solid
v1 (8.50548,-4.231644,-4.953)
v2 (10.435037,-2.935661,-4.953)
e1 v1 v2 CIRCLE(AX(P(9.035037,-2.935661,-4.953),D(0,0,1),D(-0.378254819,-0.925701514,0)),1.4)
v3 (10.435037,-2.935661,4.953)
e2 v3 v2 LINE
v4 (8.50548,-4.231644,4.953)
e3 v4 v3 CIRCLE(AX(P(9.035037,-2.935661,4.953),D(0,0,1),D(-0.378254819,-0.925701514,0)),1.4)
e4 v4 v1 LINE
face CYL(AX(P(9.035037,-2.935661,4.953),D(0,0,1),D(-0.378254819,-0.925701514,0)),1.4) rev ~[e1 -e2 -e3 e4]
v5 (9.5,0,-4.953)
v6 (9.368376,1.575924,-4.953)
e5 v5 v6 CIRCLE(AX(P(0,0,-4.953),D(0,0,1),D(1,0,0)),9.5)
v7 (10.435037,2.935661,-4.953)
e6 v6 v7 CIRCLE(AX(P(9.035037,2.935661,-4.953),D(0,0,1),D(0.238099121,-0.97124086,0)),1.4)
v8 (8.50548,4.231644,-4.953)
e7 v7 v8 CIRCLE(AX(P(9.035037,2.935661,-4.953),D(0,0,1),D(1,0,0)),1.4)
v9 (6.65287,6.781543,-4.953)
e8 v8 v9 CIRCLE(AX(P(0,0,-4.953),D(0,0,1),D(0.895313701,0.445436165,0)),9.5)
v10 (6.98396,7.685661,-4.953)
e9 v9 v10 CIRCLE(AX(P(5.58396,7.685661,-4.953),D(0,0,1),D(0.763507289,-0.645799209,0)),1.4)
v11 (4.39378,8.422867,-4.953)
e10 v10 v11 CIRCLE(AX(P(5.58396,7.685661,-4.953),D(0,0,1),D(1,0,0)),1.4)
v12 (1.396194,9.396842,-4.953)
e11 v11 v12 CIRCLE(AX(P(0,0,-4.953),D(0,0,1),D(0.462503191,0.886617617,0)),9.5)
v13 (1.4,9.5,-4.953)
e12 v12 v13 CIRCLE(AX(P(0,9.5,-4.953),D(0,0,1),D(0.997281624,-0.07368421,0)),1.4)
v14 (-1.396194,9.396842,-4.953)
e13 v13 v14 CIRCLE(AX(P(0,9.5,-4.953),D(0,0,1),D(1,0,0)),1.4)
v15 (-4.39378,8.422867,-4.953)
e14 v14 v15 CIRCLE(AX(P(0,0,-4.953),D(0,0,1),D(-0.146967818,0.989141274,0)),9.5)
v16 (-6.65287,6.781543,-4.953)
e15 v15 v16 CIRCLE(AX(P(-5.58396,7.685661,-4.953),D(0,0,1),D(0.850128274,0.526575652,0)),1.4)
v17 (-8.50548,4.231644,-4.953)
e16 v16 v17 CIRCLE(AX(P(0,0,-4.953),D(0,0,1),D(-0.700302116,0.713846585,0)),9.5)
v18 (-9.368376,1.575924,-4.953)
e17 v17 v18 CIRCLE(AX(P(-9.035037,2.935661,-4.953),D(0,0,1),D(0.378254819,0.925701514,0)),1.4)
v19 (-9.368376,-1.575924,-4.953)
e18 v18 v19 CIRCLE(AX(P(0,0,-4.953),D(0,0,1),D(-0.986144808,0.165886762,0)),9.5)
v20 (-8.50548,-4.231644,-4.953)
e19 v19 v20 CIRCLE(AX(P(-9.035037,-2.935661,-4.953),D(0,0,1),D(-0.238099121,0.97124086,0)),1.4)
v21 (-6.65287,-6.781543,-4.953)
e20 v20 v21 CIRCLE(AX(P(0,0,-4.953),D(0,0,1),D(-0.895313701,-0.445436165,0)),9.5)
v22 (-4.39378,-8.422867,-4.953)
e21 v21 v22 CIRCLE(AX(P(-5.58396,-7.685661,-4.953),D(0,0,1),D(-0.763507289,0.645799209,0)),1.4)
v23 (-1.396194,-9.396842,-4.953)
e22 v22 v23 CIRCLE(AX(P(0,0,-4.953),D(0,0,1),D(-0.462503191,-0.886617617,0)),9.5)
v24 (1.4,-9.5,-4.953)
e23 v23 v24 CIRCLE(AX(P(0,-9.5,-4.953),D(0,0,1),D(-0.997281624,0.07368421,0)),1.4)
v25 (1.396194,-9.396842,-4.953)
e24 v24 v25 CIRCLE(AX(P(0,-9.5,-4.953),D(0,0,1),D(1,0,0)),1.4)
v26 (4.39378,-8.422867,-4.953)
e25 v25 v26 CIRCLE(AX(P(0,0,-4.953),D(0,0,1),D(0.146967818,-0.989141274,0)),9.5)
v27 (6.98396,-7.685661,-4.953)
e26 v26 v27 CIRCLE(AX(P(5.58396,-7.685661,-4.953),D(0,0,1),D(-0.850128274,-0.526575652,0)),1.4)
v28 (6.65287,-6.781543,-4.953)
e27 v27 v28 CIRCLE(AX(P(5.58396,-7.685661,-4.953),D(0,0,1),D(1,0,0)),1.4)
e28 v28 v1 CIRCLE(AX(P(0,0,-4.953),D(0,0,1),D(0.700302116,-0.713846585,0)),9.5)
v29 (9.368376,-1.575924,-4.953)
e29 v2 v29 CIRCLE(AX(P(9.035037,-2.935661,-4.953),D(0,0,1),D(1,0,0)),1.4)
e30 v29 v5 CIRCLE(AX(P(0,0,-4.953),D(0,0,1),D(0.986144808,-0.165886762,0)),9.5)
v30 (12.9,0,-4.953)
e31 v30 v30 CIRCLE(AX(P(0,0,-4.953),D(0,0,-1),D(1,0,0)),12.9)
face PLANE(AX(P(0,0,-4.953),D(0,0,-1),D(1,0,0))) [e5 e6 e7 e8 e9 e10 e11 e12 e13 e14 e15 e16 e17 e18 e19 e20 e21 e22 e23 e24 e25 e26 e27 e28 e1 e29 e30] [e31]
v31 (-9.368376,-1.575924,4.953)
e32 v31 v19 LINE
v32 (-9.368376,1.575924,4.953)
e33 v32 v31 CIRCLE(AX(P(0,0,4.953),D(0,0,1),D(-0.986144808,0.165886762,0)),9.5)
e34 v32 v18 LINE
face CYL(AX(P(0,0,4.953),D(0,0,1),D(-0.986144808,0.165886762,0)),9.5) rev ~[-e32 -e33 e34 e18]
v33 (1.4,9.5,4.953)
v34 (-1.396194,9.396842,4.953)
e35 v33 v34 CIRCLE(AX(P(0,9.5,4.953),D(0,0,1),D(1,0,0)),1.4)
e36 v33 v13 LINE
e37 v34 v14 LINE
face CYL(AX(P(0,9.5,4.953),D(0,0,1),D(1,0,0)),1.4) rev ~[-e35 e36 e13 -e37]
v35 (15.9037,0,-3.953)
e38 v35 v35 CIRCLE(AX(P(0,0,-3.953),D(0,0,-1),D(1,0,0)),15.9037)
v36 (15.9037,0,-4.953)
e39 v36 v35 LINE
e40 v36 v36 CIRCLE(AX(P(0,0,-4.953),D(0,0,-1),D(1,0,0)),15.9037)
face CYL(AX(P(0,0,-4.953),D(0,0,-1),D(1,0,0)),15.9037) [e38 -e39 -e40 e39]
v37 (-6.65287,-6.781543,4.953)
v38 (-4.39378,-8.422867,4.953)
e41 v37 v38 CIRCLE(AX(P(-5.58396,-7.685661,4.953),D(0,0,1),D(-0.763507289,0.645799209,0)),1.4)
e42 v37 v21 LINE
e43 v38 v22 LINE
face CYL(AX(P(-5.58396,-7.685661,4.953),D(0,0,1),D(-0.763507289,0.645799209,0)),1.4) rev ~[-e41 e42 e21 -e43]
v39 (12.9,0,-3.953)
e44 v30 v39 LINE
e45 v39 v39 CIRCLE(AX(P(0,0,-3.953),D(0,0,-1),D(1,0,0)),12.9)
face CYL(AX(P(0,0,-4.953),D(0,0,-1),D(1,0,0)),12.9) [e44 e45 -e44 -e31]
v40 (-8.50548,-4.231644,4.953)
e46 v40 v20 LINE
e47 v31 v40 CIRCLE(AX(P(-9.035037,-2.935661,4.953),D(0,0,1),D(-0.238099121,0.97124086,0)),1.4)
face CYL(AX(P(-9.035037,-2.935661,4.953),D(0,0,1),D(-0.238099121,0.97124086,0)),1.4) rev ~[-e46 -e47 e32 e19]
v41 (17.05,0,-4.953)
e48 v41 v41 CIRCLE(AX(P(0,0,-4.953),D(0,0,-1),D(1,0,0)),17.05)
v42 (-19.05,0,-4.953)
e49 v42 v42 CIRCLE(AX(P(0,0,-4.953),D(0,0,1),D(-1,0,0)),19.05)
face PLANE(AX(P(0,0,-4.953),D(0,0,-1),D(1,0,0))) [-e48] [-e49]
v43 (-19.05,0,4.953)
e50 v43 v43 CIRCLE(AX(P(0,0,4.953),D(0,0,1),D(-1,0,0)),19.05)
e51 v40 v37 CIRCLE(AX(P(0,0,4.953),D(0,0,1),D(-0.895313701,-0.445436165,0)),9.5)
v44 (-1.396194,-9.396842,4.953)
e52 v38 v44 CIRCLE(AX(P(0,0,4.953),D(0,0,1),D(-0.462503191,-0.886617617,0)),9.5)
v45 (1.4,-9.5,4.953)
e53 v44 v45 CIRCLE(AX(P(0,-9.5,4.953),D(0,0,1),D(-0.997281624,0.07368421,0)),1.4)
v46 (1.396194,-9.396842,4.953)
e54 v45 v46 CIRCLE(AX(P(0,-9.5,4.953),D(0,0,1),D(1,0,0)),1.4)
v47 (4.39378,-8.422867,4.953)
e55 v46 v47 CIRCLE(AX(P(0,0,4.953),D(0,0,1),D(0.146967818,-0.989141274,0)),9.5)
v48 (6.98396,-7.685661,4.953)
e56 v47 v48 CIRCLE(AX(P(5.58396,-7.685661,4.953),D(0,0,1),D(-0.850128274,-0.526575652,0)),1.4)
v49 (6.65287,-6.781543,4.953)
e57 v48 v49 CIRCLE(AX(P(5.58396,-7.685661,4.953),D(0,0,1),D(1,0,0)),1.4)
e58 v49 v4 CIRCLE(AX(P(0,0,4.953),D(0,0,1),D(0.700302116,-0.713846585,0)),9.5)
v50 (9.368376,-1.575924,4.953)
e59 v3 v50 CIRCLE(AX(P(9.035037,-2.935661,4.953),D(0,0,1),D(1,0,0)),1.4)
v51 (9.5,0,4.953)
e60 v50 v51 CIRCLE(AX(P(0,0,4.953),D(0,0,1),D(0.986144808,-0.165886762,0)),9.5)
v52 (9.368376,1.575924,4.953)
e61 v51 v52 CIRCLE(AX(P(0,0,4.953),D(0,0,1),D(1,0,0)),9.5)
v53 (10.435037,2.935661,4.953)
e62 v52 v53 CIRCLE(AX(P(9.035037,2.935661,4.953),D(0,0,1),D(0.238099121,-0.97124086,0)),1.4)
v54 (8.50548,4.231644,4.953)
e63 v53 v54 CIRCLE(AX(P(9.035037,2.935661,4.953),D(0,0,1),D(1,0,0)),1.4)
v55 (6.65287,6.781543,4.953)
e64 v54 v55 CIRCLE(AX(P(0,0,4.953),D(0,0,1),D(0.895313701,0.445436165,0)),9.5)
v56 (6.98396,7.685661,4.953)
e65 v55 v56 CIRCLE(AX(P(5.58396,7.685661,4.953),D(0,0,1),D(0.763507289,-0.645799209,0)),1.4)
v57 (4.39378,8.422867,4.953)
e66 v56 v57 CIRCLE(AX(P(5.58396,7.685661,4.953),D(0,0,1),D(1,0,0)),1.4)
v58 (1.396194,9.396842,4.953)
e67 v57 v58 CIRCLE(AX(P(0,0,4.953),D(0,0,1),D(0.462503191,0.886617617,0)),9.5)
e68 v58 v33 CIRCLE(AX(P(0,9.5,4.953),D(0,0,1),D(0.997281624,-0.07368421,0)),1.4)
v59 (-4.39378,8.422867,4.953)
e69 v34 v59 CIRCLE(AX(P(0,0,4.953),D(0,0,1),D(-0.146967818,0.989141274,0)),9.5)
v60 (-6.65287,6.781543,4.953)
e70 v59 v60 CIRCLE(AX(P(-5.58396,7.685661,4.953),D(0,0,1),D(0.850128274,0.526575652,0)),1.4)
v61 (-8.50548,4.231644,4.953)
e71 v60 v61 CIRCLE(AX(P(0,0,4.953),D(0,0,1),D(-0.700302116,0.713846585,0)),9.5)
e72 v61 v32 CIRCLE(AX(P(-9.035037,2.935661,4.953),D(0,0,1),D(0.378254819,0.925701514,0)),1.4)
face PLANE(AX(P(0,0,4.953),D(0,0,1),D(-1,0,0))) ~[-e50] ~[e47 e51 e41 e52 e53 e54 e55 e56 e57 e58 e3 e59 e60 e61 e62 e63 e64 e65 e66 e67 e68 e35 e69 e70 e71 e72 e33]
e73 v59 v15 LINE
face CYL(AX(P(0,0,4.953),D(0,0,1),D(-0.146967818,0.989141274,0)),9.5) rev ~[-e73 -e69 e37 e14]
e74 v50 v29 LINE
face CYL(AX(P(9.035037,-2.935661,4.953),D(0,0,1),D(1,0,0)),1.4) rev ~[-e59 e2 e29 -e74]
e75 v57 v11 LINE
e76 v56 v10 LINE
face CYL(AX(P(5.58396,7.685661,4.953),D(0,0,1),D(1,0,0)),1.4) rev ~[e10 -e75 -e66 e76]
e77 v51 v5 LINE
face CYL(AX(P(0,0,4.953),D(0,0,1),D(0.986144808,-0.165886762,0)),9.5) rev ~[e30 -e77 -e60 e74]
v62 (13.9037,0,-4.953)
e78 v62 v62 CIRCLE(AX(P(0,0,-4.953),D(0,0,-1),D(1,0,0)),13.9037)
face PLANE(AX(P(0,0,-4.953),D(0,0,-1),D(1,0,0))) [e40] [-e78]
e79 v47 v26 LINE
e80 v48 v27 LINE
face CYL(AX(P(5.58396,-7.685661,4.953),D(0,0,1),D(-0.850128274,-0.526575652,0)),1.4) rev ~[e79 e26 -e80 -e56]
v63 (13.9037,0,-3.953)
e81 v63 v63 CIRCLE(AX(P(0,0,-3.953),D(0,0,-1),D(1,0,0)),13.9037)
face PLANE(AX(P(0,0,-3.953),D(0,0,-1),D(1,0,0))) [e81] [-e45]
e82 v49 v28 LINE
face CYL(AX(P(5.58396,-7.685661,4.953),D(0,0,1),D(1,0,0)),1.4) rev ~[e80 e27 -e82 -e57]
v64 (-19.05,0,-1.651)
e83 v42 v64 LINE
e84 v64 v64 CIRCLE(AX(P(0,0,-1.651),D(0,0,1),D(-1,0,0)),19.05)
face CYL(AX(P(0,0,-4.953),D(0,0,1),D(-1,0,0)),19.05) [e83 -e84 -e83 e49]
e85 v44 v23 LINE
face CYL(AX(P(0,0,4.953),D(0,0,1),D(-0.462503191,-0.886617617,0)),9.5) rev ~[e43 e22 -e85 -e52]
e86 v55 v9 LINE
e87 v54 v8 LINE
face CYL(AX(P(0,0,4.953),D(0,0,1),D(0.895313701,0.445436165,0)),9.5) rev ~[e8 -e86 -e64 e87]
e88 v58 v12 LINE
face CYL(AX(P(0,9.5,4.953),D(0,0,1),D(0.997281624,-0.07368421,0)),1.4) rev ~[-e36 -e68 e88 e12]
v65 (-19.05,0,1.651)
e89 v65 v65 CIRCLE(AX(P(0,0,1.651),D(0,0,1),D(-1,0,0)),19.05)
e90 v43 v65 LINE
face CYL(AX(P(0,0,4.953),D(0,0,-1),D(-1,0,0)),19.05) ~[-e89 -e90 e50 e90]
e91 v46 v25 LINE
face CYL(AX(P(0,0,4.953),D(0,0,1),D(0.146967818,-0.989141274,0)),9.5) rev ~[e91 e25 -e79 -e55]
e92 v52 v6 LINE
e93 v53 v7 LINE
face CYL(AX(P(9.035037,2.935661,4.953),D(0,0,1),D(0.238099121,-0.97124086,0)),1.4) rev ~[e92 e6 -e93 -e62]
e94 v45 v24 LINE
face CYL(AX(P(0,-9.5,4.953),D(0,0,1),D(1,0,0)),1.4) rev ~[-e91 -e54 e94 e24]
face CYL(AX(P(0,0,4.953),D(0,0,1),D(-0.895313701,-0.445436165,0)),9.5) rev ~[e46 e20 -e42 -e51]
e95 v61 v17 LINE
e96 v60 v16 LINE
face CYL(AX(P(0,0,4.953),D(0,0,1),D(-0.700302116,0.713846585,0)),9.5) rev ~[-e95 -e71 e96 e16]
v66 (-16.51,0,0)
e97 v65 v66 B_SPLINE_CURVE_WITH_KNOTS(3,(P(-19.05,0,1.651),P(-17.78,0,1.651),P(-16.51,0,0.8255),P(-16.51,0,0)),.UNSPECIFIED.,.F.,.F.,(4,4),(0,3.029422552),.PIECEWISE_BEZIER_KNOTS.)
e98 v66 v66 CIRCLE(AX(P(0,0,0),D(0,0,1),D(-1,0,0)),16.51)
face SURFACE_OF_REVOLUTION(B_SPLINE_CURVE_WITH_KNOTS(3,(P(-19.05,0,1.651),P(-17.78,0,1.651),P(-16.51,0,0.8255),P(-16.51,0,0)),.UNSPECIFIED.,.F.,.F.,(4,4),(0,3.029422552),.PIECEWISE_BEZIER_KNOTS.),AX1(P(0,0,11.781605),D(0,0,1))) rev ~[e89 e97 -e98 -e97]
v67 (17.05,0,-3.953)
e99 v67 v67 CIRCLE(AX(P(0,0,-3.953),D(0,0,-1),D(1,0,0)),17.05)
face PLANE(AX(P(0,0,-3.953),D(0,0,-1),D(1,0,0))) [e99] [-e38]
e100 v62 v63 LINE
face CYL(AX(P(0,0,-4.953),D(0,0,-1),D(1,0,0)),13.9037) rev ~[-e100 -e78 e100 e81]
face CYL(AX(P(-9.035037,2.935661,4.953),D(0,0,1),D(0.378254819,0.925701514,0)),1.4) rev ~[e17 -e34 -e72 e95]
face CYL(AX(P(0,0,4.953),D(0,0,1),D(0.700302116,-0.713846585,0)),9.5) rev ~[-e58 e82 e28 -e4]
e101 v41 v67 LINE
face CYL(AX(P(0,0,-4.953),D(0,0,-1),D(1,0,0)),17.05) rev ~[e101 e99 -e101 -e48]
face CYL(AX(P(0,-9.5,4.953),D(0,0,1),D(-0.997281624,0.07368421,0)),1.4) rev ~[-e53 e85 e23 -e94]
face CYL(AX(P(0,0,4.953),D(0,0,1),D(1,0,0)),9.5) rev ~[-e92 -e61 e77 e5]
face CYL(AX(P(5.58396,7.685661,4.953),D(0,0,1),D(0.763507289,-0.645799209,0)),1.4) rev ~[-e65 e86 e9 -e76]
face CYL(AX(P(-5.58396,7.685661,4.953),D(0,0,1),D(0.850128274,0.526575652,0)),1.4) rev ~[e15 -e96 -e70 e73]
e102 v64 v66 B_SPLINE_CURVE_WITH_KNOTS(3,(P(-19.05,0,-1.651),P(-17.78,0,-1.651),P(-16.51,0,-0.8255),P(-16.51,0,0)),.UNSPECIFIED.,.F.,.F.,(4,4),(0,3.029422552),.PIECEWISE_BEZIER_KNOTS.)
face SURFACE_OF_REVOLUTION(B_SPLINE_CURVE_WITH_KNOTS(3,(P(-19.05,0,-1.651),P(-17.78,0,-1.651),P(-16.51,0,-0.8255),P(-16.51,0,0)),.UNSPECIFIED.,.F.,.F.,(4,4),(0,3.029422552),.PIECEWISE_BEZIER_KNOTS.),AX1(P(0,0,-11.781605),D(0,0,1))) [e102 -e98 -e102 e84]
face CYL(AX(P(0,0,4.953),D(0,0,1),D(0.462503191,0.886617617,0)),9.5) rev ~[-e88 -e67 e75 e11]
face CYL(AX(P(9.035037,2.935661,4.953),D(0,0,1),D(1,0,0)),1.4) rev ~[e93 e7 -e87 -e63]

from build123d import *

# Parameters (mm, degrees)
F4_DEPTH = 9.907
F5_R     = 17.05
F5_R_2   = 15.9037
F5_R_3   = 13.9037
F5_R_4   = 12.9
F6_DEPTH = 1


with BuildPart() as f1:
    # F0 (on Front) → F1 (revolve)
    with BuildSketch(Plane.XZ):
        Polygon((0, 0), (0, 4.953), (-19.05, 4.953), (-19.05, 1.651), (-16.51, 1.651), (-16.51, 0), align=None)
        with BuildLine():
            Line((-16.51, 1.651), (-19.05, 1.651))
            add(Edge.make_bspline(
                [(-19.05, 1.651), (-17.78, 1.651), (-16.51, 0.8255), (-16.51, 0)],
                knots=[0, 0, 0, 0, 3.0294225522, 3.0294225522, 3.0294225522, 3.0294225522], degree=3))
            Line((-16.51, 0), (-16.51, 1.651))
        make_face()
    revolve(axis=Axis((0, 0, 11.7816049606), (0, 0, 1)))

    # F2: F1 across plane


with BuildPart() as f1_1:
    add(f1.part)
    add(f1.part.mirror(Plane.XY))

    # F3 (on face) → F4 (cut, through all)
    with BuildSketch(Plane.XY.offset(4.953)):
        with BuildLine():
            ThreePointArc((9.3683756747, -1.5759242424), (9.4670367304, -0.790705726), (9.5, 0))
            ThreePointArc((9.5, 0), (9.4670367304, 0.790705726), (9.3683756747, 1.5759242424))
            ThreePointArc((9.3683756747, 1.5759242424), (7.703557782, 2.5030376544), (8.5054801589, 4.2316435656))
            ThreePointArc((8.5054801589, 4.2316435656), (7.6856614466, 5.5839598968), (6.6528701021, 6.7815425534))
            ThreePointArc((6.6528701021, 6.7815425534), (4.7610605436, 6.5530376544), (4.3937803131, 8.4228673598))
            ThreePointArc((4.3937803131, 8.4228673598), (2.9356614466, 9.0350369048), (1.3961942733, 9.3968421053))
            ThreePointArc((1.3961942733, 9.3968421053), (0, 8.1), (-1.3961942733, 9.3968421053))
            ThreePointArc((-1.3961942733, 9.3968421053), (-2.9356614466, 9.0350369048), (-4.3937803131, 8.4228673598))
            ThreePointArc((-4.3937803131, 8.4228673598), (-4.2374363327, 8.068903265), (-4.1839598968, 7.6856614466))
            ThreePointArc((-4.1839598968, 7.6856614466), (-5.102542348, 6.371037111), (-6.6528701021, 6.7815425534))
            ThreePointArc((-6.6528701021, 6.7815425534), (-7.6856614466, 5.5839598968), (-8.5054801589, 4.2316435656))
            ThreePointArc((-8.5054801589, 4.2316435656), (-7.8728451297, 3.7162447399), (-7.6350369048, 2.9356614466))
            ThreePointArc((-7.6350369048, 2.9356614466), (-8.1709403471, 1.8341456097), (-9.3683756747, 1.5759242424))
            ThreePointArc((-9.3683756747, 1.5759242424), (-9.5, 0), (-9.3683756747, -1.5759242424))
            ThreePointArc((-9.3683756747, -1.5759242424), (-8.1709403471, -1.8341456097), (-7.6350369048, -2.9356614466))
            ThreePointArc((-7.6350369048, -2.9356614466), (-7.8728451297, -3.7162447399), (-8.5054801589, -4.2316435656))
            ThreePointArc((-8.5054801589, -4.2316435656), (-7.6856614466, -5.5839598968), (-6.6528701021, -6.7815425534))
            ThreePointArc((-6.6528701021, -6.7815425534), (-5.102542348, -6.371037111), (-4.1839598968, -7.6856614466))
            ThreePointArc((-4.1839598968, -7.6856614466), (-4.2374363327, -8.068903265), (-4.3937803131, -8.4228673598))
            ThreePointArc((-4.3937803131, -8.4228673598), (-2.9356614466, -9.0350369048), (-1.3961942733, -9.3968421053))
            ThreePointArc((-1.3961942733, -9.3968421053), (0, -8.1), (1.3961942733, -9.3968421053))
            ThreePointArc((1.3961942733, -9.3968421053), (2.9356614466, -9.0350369048), (4.3937803131, -8.4228673598))
            ThreePointArc((4.3937803131, -8.4228673598), (4.7610605436, -6.5530376544), (6.6528701021, -6.7815425534))
            ThreePointArc((6.6528701021, -6.7815425534), (7.6856614466, -5.5839598968), (8.5054801589, -4.2316435656))
            ThreePointArc((8.5054801589, -4.2316435656), (7.703557782, -2.5030376544), (9.3683756747, -1.5759242424))
        make_face()
        with BuildLine():
            ThreePointArc((8.5054801589, 4.2316435656), (7.703557782, 2.5030376544), (9.3683756747, 1.5759242424))
            ThreePointArc((9.3683756747, 1.5759242424), (9.0350369048, 2.9356614466), (8.5054801589, 4.2316435656))
        make_face()
        with BuildLine():
            ThreePointArc((8.5054801589, 4.2316435656), (9.0350369048, 2.9356614466), (9.3683756747, 1.5759242424))
            ThreePointArc((9.3683756747, 1.5759242424), (10.1365527417, 2.0715648888), (10.4350369048, 2.9356614466))
            ThreePointArc((10.4350369048, 2.9356614466), (9.8156201982, 4.0978532217), (8.5054801589, 4.2316435656))
        make_face()
        with BuildLine():
            ThreePointArc((10.4350369048, -2.9356614466), (10.1365527417, -2.0715648888), (9.3683756747, -1.5759242424))
            ThreePointArc((9.3683756747, -1.5759242424), (9.0350369048, -2.9356614466), (8.5054801589, -4.2316435656))
            ThreePointArc((8.5054801589, -4.2316435656), (9.8156201982, -4.0978532217), (10.4350369048, -2.9356614466))
        make_face()
        with BuildLine():
            ThreePointArc((8.5054801589, -4.2316435656), (9.0350369048, -2.9356614466), (9.3683756747, -1.5759242424))
            ThreePointArc((9.3683756747, -1.5759242424), (7.703557782, -2.5030376544), (8.5054801589, -4.2316435656))
        make_face()
        with BuildLine():
            ThreePointArc((4.3937803131, 8.4228673598), (4.7610605436, 6.5530376544), (6.6528701021, 6.7815425534))
            ThreePointArc((6.6528701021, 6.7815425534), (5.5839598968, 7.6856614466), (4.3937803131, 8.4228673598))
        make_face()
        with BuildLine():
            ThreePointArc((4.3937803131, 8.4228673598), (5.5839598968, 7.6856614466), (6.6528701021, 6.7815425534))
            ThreePointArc((6.6528701021, 6.7815425534), (6.8985842324, 7.2042438978), (6.9839598968, 7.6856614466))
            ThreePointArc((6.9839598968, 7.6856614466), (5.9672017152, 9.0321850106), (4.3937803131, 8.4228673598))
        make_face()
        with BuildLine():
            ThreePointArc((6.9839598968, -7.6856614466), (6.8985842324, -7.2042438978), (6.6528701021, -6.7815425534))
            ThreePointArc((6.6528701021, -6.7815425534), (5.5839598968, -7.6856614466), (4.3937803131, -8.4228673598))
            ThreePointArc((4.3937803131, -8.4228673598), (5.9672017152, -9.0321850106), (6.9839598968, -7.6856614466))
        make_face()
        with BuildLine():
            ThreePointArc((4.3937803131, -8.4228673598), (5.5839598968, -7.6856614466), (6.6528701021, -6.7815425534))
            ThreePointArc((6.6528701021, -6.7815425534), (4.7610605436, -6.5530376544), (4.3937803131, -8.4228673598))
        make_face()
        with BuildLine():
            ThreePointArc((-1.3961942733, 9.3968421053), (0, 8.1), (1.3961942733, 9.3968421053))
            ThreePointArc((1.3961942733, 9.3968421053), (0, 9.5), (-1.3961942733, 9.3968421053))
        make_face()
        with BuildLine():
            ThreePointArc((-1.3961942733, 9.3968421053), (0, 9.5), (1.3961942733, 9.3968421053))
            ThreePointArc((1.3961942733, 9.3968421053), (1.3990482448, 9.4483859641), (1.4, 9.5))
            ThreePointArc((1.4, 9.5), (-0.0516140359, 10.8990482448), (-1.3961942733, 9.3968421053))
        make_face()
        with BuildLine():
            ThreePointArc((1.4, -9.5), (1.3990482448, -9.4483859641), (1.3961942733, -9.3968421053))
            ThreePointArc((1.3961942733, -9.3968421053), (0, -9.5), (-1.3961942733, -9.3968421053))
            ThreePointArc((-1.3961942733, -9.3968421053), (-0.0516140359, -10.8990482448), (1.4, -9.5))
        make_face()
        with BuildLine():
            ThreePointArc((-1.3961942733, -9.3968421053), (0, -9.5), (1.3961942733, -9.3968421053))
            ThreePointArc((1.3961942733, -9.3968421053), (0, -8.1), (-1.3961942733, -9.3968421053))
        make_face()
        with BuildLine():
            ThreePointArc((-4.1839598968, 7.6856614466), (-4.2374363327, 8.068903265), (-4.3937803131, 8.4228673598))
            ThreePointArc((-4.3937803131, 8.4228673598), (-5.5839598968, 7.6856614466), (-6.6528701021, 6.7815425534))
            ThreePointArc((-6.6528701021, 6.7815425534), (-5.102542348, 6.371037111), (-4.1839598968, 7.6856614466))
        make_face()
        with BuildLine():
            ThreePointArc((-6.6528701021, 6.7815425534), (-5.5839598968, 7.6856614466), (-4.3937803131, 8.4228673598))
            ThreePointArc((-4.3937803131, 8.4228673598), (-6.40685925, 8.8182852387), (-6.6528701021, 6.7815425534))
        make_face()
        with BuildLine():
            ThreePointArc((-6.6528701021, -6.7815425534), (-6.40685925, -8.8182852387), (-4.3937803131, -8.4228673598))
            ThreePointArc((-4.3937803131, -8.4228673598), (-5.5839598968, -7.6856614466), (-6.6528701021, -6.7815425534))
        make_face()
        with BuildLine():
            ThreePointArc((-6.6528701021, -6.7815425534), (-5.5839598968, -7.6856614466), (-4.3937803131, -8.4228673598))
            ThreePointArc((-4.3937803131, -8.4228673598), (-4.2374363327, -8.068903265), (-4.1839598968, -7.6856614466))
            ThreePointArc((-4.1839598968, -7.6856614466), (-5.102542348, -6.371037111), (-6.6528701021, -6.7815425534))
        make_face()
        with BuildLine():
            ThreePointArc((-7.6350369048, 2.9356614466), (-7.8728451297, 3.7162447399), (-8.5054801589, 4.2316435656))
            ThreePointArc((-8.5054801589, 4.2316435656), (-9.0350369048, 2.9356614466), (-9.3683756747, 1.5759242424))
            ThreePointArc((-9.3683756747, 1.5759242424), (-8.1709403471, 1.8341456097), (-7.6350369048, 2.9356614466))
        make_face()
        with BuildLine():
            ThreePointArc((-9.3683756747, 1.5759242424), (-9.0350369048, 2.9356614466), (-8.5054801589, 4.2316435656))
            ThreePointArc((-8.5054801589, 4.2316435656), (-10.3665160276, 3.3682852387), (-9.3683756747, 1.5759242424))
        make_face()
        with BuildLine():
            ThreePointArc((-9.3683756747, -1.5759242424), (-10.3665160276, -3.3682852387), (-8.5054801589, -4.2316435656))
            ThreePointArc((-8.5054801589, -4.2316435656), (-9.0350369048, -2.9356614466), (-9.3683756747, -1.5759242424))
        make_face()
        with BuildLine():
            ThreePointArc((-9.3683756747, -1.5759242424), (-9.0350369048, -2.9356614466), (-8.5054801589, -4.2316435656))
            ThreePointArc((-8.5054801589, -4.2316435656), (-7.8728451297, -3.7162447399), (-7.6350369048, -2.9356614466))
            ThreePointArc((-7.6350369048, -2.9356614466), (-8.1709403471, -1.8341456097), (-9.3683756747, -1.5759242424))
        make_face()
    extrude(amount=-F4_DEPTH, mode=Mode.SUBTRACT)

    # F5 (on face) → F6 (cut)
    with BuildSketch(Plane(origin=(0, 0, -4.953), x_dir=(1, 0, 0), z_dir=(0, 0, -1))):
        Circle(F5_R)
        Circle(F5_R_2, mode=Mode.SUBTRACT)
        Circle(F5_R_3)
        Circle(F5_R_4, mode=Mode.SUBTRACT)
    extrude(amount=-F6_DEPTH, mode=Mode.SUBTRACT)


solid = f1_1.part
